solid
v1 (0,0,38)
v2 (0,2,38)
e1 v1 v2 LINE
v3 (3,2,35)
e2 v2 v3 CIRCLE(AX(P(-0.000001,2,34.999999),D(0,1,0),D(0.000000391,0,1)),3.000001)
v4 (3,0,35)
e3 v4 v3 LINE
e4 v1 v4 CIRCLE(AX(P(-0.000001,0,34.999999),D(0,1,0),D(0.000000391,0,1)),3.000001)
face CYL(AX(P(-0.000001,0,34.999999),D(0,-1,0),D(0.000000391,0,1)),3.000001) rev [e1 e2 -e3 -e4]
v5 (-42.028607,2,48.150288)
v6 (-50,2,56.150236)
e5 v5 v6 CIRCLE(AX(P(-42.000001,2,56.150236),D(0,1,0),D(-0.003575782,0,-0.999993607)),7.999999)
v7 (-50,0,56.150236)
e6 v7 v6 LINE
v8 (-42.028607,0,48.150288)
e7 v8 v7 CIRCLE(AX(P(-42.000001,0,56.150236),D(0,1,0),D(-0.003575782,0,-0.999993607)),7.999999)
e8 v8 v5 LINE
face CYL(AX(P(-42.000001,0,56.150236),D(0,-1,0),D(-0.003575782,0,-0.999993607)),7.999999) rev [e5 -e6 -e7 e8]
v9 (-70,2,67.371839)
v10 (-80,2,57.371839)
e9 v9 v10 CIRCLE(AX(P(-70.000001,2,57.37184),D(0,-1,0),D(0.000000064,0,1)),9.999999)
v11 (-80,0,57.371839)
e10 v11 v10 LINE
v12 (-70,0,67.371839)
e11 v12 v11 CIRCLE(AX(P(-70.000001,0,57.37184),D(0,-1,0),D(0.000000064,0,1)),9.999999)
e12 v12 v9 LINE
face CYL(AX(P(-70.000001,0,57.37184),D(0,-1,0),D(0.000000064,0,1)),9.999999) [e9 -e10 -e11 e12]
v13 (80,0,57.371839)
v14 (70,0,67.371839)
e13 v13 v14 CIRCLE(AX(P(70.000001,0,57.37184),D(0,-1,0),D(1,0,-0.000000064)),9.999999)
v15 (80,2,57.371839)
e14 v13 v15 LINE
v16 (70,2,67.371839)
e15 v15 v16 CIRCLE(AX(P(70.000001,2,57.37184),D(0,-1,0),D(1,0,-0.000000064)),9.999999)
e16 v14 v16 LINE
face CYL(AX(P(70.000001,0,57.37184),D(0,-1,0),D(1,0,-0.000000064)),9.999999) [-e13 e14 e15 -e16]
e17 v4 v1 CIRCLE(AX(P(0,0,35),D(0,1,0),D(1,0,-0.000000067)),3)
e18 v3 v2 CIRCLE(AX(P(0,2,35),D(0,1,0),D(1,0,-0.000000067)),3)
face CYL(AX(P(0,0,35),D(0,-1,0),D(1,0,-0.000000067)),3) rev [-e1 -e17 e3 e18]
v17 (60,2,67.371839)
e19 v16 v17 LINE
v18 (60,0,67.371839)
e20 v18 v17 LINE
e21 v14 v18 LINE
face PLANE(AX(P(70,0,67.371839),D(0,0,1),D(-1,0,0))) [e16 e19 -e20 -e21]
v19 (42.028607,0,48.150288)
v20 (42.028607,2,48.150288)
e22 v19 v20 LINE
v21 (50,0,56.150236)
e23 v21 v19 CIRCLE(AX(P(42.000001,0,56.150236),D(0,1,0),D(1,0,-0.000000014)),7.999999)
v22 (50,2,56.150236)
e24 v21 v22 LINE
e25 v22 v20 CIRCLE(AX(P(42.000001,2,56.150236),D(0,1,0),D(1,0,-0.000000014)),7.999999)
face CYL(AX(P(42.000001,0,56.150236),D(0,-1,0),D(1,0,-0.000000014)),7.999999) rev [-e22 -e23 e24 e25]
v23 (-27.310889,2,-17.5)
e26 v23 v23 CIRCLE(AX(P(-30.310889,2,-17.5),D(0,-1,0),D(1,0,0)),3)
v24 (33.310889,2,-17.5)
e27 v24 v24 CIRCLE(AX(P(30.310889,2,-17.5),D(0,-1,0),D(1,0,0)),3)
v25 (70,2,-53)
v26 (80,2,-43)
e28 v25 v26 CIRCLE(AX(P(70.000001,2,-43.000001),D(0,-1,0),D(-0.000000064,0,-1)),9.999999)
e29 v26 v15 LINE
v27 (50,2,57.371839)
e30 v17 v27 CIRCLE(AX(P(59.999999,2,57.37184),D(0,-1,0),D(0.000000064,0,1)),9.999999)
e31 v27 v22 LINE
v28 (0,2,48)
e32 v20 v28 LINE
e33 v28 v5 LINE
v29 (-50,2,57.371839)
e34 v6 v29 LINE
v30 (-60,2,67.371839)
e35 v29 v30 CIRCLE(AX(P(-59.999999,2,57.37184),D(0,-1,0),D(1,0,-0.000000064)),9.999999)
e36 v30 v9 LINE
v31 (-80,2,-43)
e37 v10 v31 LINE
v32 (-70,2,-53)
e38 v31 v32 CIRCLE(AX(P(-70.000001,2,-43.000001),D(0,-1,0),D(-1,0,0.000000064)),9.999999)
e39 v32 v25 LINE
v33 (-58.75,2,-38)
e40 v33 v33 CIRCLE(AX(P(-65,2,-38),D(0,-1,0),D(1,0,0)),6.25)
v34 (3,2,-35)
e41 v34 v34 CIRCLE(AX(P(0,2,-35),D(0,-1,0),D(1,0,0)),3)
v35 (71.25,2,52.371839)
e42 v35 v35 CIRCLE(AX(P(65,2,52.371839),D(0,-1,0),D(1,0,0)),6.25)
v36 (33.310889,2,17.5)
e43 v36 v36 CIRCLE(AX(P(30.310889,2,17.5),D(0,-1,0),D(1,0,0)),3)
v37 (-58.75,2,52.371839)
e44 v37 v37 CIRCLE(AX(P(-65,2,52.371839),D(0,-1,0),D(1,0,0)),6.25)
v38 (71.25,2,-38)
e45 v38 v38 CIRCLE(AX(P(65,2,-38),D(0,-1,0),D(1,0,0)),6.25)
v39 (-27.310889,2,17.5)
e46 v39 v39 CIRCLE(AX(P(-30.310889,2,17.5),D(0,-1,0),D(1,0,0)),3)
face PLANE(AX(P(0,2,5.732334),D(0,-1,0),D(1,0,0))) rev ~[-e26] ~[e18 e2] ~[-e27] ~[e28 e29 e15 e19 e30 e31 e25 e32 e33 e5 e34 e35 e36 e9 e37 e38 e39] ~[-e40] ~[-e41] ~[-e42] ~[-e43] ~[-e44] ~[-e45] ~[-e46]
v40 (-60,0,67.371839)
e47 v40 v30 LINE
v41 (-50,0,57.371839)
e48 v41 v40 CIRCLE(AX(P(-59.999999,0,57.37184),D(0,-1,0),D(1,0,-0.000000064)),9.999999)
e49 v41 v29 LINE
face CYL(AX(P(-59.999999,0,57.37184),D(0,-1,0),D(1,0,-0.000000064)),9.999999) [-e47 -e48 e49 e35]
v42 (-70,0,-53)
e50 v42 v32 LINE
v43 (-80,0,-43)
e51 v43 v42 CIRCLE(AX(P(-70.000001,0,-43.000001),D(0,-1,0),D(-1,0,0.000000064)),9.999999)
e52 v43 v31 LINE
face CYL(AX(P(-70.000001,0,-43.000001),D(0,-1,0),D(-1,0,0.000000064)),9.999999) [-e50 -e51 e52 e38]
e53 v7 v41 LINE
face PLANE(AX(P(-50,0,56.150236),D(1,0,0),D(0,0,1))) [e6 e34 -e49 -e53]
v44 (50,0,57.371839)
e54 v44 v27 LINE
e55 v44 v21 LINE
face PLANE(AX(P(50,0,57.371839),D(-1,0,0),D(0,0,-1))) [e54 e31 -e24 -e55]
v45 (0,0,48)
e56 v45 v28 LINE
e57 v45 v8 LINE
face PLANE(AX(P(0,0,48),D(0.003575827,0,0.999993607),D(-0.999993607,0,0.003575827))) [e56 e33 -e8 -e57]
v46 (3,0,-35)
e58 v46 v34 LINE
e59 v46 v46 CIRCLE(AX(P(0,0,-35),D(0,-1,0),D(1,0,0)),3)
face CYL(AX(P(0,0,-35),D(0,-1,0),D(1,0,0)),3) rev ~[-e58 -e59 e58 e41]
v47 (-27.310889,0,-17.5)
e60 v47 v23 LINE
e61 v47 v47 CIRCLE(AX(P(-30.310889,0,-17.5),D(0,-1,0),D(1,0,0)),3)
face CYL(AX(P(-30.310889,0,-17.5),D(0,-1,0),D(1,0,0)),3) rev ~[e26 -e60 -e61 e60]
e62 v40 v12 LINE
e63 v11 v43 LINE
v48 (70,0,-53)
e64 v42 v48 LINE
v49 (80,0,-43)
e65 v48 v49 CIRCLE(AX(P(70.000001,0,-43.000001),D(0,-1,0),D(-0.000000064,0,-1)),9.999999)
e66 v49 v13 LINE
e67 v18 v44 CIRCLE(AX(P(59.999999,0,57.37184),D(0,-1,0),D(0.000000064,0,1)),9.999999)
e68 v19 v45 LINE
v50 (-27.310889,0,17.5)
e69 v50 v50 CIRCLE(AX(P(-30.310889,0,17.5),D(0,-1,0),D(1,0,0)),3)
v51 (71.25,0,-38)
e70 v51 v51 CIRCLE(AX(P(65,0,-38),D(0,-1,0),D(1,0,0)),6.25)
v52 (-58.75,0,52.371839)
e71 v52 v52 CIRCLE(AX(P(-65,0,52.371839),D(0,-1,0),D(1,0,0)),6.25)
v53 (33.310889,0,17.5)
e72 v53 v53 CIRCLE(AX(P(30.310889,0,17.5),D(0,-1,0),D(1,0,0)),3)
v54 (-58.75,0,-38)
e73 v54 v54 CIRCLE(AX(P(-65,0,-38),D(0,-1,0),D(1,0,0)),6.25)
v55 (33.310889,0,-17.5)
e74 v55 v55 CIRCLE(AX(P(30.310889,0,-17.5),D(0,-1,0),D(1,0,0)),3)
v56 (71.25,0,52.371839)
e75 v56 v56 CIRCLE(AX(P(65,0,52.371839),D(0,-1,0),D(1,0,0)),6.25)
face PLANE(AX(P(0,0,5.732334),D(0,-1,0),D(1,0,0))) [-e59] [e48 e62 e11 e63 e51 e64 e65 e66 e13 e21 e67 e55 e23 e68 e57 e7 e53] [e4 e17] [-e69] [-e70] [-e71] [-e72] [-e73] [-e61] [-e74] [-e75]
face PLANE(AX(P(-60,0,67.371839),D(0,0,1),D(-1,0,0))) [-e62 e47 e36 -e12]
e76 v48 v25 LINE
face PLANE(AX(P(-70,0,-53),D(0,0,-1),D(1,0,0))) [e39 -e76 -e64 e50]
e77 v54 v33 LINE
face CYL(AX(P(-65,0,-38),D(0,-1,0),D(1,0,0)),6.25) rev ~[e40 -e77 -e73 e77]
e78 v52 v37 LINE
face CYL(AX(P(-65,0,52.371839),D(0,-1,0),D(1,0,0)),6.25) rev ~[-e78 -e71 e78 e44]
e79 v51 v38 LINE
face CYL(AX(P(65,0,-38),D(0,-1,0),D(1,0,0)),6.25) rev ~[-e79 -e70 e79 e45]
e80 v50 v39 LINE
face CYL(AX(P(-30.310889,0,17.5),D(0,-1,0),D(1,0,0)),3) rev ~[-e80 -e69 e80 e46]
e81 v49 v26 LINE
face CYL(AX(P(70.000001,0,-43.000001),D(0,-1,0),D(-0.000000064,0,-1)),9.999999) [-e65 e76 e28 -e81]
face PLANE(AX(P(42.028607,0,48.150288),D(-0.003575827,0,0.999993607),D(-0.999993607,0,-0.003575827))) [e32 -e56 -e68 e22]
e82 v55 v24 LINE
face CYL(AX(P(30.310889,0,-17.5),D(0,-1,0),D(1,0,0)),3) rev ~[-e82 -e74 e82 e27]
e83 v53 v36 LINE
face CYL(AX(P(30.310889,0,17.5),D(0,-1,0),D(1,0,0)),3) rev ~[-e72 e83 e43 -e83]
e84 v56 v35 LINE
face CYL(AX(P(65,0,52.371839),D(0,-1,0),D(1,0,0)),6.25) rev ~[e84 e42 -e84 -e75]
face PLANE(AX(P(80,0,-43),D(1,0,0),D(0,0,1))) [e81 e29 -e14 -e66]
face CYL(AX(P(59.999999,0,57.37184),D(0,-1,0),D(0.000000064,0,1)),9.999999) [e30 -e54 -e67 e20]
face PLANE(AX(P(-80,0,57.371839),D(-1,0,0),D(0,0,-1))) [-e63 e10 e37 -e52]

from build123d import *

# Parameters (mm, degrees)
F1_R     = 6.25
F1_R_2   = 3
F2_DEPTH = 2


with BuildPart() as f2:
    # F1 (on Front) → F2 (new body)
    with BuildSketch(Plane.XZ):
        with BuildLine():
            Line((-60, 67.371839), (-70, 67.371839))
            ThreePointArc((-70, 67.371839), (-77.071068, 64.442907), (-80, 57.371839))
            Line((-80, 57.371839), (-80, 0))
            Line((-80, 0), (-80, -43))
            ThreePointArc((-80, -43), (-77.071068, -50.071068), (-70, -53))
            Line((-70, -53), (0, -53))
            Line((0, -53), (70, -53))
            ThreePointArc((70, -53), (77.071068, -50.071068), (80, -43))
            Line((80, -43), (80, 0))
            Line((80, 0), (80, 57.371839))
            ThreePointArc((80, 57.371839), (77.071068, 64.442907), (70, 67.371839))
            Line((70, 67.371839), (60, 67.371839))
            ThreePointArc((60, 67.371839), (52.928932, 64.442907), (50, 57.371839))
            Line((50, 57.371839), (50, 56.150236))
            ThreePointArc((50, 56.150236), (47.666959, 50.503505), (42.028607, 48.150288))
            Line((42.028607, 48.150288), (0, 48))
            Line((0, 48), (-42.028607, 48.150288))
            ThreePointArc((-42.028607, 48.150288), (-47.666959, 50.503505), (-50, 56.150236))
            Line((-50, 56.150236), (-50, 57.371839))
            ThreePointArc((-50, 57.371839), (-52.928932, 64.442907), (-60, 67.371839))
        make_face()
        with Locations((-65, -38)):
            Circle(F1_R, mode=Mode.SUBTRACT)
        with Locations((-30.310889, -17.5)):
            Circle(F1_R_2, mode=Mode.SUBTRACT)
        with Locations((0, -35)):
            Circle(F1_R_2, mode=Mode.SUBTRACT)
        with Locations((65, -38)):
            Circle(F1_R, mode=Mode.SUBTRACT)
        with Locations((30.310889, -17.5)):
            Circle(F1_R_2, mode=Mode.SUBTRACT)
        with Locations((-30.310889, 17.5)):
            Circle(F1_R_2, mode=Mode.SUBTRACT)
        with Locations((-65, 52.371839)):
            Circle(F1_R, mode=Mode.SUBTRACT)
        with Locations((30.310889, 17.5)):
            Circle(F1_R_2, mode=Mode.SUBTRACT)
        with BuildLine():
            ThreePointArc((3, 35), (-2.12132, 32.87868), (0, 38))
            ThreePointArc((0, 38), (2.12132, 37.12132), (3, 35))
        make_face(mode=Mode.SUBTRACT)
        with Locations((65, 52.371839)):
            Circle(F1_R, mode=Mode.SUBTRACT)
    extrude(amount=-F2_DEPTH)


solid = f2.part
